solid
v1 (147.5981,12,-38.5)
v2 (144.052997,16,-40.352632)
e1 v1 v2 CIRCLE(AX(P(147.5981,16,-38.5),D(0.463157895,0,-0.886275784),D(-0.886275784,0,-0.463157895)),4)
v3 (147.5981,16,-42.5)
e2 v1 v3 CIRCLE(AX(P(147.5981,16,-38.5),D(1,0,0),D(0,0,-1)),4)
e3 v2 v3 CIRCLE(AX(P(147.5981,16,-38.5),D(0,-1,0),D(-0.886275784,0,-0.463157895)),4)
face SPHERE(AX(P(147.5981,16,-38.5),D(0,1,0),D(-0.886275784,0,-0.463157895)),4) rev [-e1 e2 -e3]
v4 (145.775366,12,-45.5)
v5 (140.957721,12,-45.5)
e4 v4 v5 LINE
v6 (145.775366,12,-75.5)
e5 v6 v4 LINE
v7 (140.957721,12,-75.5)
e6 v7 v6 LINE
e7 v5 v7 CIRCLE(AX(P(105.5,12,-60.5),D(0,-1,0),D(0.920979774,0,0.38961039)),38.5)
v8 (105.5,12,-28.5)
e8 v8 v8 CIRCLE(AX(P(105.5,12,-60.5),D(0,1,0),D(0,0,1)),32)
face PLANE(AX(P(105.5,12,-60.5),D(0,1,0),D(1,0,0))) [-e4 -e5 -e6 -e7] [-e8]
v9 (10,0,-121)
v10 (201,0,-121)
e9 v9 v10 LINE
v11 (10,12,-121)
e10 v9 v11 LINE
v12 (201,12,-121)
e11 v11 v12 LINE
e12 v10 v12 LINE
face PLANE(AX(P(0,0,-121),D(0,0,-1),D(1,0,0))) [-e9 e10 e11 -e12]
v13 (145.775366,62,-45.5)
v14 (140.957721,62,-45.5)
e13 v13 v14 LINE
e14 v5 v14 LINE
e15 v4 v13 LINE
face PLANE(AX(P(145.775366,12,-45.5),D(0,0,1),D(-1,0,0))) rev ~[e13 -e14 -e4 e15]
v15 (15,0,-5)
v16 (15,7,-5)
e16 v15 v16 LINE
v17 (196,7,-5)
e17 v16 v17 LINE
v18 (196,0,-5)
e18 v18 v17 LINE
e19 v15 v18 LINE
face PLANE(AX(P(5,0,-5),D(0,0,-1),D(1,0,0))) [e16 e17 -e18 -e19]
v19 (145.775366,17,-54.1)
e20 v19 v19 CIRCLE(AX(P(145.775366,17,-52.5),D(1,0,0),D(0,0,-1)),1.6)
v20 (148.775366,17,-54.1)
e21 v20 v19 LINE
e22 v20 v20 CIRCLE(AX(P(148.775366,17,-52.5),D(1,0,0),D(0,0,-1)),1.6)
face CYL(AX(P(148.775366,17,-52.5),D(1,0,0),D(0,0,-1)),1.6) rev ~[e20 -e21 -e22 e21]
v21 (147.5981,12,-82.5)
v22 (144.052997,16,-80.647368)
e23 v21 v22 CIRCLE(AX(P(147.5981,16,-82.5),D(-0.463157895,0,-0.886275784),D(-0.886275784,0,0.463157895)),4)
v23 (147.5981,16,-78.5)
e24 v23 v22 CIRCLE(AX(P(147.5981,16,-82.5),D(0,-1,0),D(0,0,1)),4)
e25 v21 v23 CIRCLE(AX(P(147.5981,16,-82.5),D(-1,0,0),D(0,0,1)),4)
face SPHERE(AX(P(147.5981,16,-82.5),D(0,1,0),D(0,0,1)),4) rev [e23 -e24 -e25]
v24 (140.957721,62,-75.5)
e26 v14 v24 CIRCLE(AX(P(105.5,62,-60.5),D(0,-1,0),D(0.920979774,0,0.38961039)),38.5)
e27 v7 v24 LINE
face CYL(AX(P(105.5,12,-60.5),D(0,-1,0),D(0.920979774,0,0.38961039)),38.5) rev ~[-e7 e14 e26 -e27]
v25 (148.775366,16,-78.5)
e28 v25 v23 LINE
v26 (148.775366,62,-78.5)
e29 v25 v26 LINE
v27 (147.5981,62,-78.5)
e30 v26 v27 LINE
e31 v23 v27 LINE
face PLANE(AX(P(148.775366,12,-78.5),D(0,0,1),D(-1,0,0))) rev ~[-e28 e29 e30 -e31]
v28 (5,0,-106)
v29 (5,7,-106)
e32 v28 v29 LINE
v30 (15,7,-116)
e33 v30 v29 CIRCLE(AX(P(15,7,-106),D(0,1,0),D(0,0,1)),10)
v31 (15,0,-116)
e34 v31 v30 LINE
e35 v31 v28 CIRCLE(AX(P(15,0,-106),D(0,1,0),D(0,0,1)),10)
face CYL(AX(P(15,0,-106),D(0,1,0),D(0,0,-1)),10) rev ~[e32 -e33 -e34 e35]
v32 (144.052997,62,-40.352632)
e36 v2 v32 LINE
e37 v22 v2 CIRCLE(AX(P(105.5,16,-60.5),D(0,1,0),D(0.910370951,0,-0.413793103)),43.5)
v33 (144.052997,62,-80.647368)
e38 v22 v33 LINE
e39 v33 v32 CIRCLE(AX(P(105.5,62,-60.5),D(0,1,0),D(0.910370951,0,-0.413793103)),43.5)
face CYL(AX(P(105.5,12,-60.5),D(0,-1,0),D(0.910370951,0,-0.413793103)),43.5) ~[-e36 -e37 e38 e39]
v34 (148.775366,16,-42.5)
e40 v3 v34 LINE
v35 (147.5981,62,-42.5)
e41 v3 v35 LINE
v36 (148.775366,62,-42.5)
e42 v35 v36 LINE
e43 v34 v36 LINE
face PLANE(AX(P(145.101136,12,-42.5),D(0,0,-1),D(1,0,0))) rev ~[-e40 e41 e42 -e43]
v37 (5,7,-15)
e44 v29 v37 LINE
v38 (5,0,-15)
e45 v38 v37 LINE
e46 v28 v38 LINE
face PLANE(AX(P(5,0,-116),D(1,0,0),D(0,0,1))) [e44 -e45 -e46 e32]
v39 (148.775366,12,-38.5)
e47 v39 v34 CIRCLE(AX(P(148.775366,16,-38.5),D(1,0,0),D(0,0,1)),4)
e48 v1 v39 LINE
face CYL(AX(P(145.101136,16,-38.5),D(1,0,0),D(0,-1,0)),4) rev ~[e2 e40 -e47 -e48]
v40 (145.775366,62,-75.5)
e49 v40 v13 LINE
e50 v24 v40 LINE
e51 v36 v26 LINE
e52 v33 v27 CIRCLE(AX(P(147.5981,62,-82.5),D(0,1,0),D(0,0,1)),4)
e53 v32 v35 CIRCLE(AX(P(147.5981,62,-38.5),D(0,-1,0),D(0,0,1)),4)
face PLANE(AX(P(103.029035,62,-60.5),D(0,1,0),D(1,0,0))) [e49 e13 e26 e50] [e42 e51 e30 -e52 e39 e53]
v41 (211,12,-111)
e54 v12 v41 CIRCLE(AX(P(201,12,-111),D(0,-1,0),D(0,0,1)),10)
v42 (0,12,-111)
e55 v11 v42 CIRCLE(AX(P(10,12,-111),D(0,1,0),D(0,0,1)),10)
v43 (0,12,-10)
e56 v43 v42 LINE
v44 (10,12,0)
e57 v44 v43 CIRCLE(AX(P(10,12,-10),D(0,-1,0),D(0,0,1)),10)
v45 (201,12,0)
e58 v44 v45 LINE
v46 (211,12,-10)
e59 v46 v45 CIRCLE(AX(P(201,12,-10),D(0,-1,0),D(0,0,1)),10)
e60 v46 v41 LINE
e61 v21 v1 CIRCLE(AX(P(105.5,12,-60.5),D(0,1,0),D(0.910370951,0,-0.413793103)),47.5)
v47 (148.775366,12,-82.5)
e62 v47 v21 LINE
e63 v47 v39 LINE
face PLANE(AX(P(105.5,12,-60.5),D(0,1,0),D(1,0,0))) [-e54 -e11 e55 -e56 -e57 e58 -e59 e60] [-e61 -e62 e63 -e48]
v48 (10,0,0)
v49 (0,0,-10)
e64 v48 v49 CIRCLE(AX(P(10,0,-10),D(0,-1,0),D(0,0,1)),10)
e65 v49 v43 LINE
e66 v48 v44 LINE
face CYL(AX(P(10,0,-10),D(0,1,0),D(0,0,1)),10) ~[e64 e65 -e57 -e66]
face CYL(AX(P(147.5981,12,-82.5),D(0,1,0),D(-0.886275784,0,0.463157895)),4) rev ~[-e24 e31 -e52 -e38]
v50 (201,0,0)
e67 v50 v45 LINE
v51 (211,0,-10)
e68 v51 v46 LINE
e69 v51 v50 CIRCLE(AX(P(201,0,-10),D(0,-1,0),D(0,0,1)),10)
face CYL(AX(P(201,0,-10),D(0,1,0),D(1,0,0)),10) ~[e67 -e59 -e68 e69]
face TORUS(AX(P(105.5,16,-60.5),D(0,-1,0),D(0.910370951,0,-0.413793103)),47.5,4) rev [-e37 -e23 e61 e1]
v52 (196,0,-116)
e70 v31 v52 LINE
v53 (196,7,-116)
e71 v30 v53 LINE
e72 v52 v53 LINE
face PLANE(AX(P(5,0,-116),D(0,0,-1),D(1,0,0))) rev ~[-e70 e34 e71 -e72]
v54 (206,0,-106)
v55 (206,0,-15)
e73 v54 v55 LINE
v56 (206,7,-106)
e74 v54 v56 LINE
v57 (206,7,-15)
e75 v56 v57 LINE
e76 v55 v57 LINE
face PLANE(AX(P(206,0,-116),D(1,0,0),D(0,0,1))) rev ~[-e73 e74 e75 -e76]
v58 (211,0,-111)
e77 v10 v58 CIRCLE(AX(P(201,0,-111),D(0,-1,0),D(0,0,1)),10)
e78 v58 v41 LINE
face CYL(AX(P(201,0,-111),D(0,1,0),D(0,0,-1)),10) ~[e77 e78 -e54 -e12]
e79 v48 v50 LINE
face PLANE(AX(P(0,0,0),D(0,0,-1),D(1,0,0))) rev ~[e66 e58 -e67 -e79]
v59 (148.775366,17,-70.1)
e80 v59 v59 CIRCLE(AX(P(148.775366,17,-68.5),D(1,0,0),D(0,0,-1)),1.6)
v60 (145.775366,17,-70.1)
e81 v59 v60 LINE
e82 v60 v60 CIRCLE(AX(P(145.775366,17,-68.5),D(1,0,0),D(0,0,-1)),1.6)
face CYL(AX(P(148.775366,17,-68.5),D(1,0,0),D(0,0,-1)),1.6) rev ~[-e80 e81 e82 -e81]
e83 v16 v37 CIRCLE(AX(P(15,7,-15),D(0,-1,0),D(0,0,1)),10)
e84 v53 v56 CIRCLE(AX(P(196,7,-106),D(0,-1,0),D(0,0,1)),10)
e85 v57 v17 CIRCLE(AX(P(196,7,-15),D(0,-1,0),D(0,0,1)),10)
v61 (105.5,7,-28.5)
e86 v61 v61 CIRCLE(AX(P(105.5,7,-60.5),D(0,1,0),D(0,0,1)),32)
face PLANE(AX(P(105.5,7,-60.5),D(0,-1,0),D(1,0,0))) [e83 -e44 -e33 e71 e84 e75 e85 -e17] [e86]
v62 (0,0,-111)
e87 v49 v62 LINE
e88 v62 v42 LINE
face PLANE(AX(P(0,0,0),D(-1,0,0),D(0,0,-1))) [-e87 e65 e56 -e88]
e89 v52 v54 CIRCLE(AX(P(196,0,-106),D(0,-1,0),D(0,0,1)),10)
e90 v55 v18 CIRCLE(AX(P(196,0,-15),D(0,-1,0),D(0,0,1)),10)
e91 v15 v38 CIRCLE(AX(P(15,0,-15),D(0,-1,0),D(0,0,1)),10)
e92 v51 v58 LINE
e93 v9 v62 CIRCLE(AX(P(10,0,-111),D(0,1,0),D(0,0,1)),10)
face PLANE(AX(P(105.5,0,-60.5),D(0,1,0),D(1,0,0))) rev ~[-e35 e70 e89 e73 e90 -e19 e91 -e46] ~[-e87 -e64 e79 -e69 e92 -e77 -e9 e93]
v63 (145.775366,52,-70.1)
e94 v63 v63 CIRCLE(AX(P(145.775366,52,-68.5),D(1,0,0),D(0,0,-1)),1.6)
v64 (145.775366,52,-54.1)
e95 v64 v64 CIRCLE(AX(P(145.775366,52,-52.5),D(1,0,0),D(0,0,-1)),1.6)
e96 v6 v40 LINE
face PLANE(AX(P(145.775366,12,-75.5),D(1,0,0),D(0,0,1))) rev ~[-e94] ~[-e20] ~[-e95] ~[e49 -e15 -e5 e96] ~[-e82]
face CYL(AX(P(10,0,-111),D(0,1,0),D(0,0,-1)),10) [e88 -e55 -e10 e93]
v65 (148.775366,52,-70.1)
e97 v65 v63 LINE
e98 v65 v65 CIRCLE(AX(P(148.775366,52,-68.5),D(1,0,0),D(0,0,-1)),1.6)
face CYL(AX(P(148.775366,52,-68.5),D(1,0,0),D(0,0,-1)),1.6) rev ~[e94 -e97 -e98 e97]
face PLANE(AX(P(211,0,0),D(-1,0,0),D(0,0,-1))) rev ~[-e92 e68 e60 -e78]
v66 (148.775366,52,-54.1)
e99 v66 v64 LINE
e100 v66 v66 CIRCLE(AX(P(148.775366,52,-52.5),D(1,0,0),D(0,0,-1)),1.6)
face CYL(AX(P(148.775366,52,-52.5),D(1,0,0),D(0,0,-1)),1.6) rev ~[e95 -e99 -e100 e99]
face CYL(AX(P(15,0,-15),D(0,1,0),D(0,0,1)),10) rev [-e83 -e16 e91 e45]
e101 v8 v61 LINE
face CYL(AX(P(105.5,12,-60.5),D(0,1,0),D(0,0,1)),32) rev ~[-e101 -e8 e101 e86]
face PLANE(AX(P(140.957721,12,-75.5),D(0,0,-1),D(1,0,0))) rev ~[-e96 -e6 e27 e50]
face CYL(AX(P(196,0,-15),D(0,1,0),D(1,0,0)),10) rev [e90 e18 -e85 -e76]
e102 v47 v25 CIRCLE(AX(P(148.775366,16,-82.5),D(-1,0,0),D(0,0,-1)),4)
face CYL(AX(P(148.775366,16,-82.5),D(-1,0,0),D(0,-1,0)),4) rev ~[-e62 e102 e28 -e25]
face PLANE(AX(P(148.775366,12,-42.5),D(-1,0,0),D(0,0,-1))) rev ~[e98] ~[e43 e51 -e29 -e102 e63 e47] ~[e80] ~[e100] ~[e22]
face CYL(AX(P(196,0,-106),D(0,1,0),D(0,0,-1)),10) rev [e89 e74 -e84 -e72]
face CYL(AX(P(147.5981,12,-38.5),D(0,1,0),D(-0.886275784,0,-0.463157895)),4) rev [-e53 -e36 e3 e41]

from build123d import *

# Parameters (mm, degrees)
SKETCH1_W           = 211
SKETCH1_H           = 121
BOSS_EXTRUDE1_DEPTH = 12
SKETCH2_W           = 201
SKETCH2_H           = 111
CUT_EXTRUDE1_DEPTH  = 7
SKETCH3_R           = 32
CUT_EXTRUDE2_DEPTH  = 244.52823245
BOSS_EXTRUDE2_DEPTH = 50
SKETCH5_R           = 1.6
CUT_EXTRUDE3_DEPTH  = 6
FILLET1_R           = 4
FILLET2_R           = 10


with BuildPart() as part:
    # Sketch1 → Boss-Extrude1 (new body)
    with BuildSketch(Plane(origin=(0, 0, 0), x_dir=(1, 0, 0), z_dir=(0, 1, 0))):
        with Locations((105.5, 60.5)):
            Rectangle(SKETCH1_W, SKETCH1_H)
    extrude(amount=BOSS_EXTRUDE1_DEPTH)

    # Sketch2 → Cut-Extrude1 (cut)
    with BuildSketch(Plane.XZ):
        with Locations((105.5, -60.5)):
            Rectangle(SKETCH2_W, SKETCH2_H)
    extrude(amount=-CUT_EXTRUDE1_DEPTH, mode=Mode.SUBTRACT)

    # Sketch3 → Cut-Extrude2 (cut, through all)
    with BuildSketch(Plane(origin=(0, 12, 0), x_dir=(1, 0, 0), z_dir=(0, 1, 0))):
        with Locations(Location((105.5, 60.5, 0), (0, 0, 270))):
            Circle(SKETCH3_R)
    extrude(amount=-CUT_EXTRUDE2_DEPTH, mode=Mode.SUBTRACT)

    # Sketch4 → Boss-Extrude2 (add)
    with BuildSketch(Plane(origin=(0, 12, 0), x_dir=(1, 0, 0), z_dir=(0, 1, 0))):
        with BuildLine():
            ThreePointArc((140.957721303, 45.5), (67, 60.5), (140.957721303, 75.5))
            Line((140.957721303, 75.5), (145.775366264, 75.5))
            Line((145.775366264, 75.5), (146.331972766, 75.5))
            ThreePointArc((146.331972766, 75.5), (145.74451839, 77.011472968), (145.101136347, 78.5))
            ThreePointArc((145.101136347, 78.5), (62, 60.5), (145.101136347, 42.5))
            ThreePointArc((145.101136347, 42.5), (145.74451839, 43.988527032), (146.331972766, 45.5))
            Line((146.331972766, 45.5), (145.775366264, 45.5))
            Line((145.775366264, 45.5), (140.957721303, 45.5))
        make_face()
        with BuildLine():
            Line((146.331972766, 75.5), (145.775366264, 75.5))
            Line((145.775366264, 75.5), (145.775366264, 45.5))
            Line((145.775366264, 45.5), (146.331972766, 45.5))
            ThreePointArc((146.331972766, 45.5), (147.885391427, 50.715900981), (148.775366264, 56.084949069))
            Line((148.775366264, 56.084949069), (148.775366264, 64.915050931))
            ThreePointArc((148.775366264, 64.915050931), (147.885391427, 70.284099019), (146.331972766, 75.5))
        make_face()
        with BuildLine():
            ThreePointArc((145.101136347, 78.5), (145.74451839, 77.011472968), (146.331972766, 75.5))
            Line((146.331972766, 75.5), (148.775366264, 75.5))
            Line((148.775366264, 75.5), (148.775366264, 78.5))
            Line((148.775366264, 78.5), (145.101136347, 78.5))
        make_face()
        with BuildLine():
            Line((148.775366264, 75.5), (146.331972766, 75.5))
            ThreePointArc((146.331972766, 75.5), (147.885391427, 70.284099019), (148.775366264, 64.915050931))
            Line((148.775366264, 64.915050931), (148.775366264, 75.5))
        make_face()
        with BuildLine():
            ThreePointArc((148.775366264, 56.084949069), (147.885391427, 50.715900981), (146.331972766, 45.5))
            Line((146.331972766, 45.5), (148.775366264, 45.5))
            Line((148.775366264, 45.5), (148.775366264, 56.084949069))
        make_face()
        with BuildLine():
            Line((148.775366264, 45.5), (146.331972766, 45.5))
            ThreePointArc((146.331972766, 45.5), (145.74451839, 43.988527032), (145.101136347, 42.5))
            Line((145.101136347, 42.5), (148.775366264, 42.5))
            Line((148.775366264, 42.5), (148.775366264, 45.5))
        make_face()
    extrude(amount=BOSS_EXTRUDE2_DEPTH)

    # Sketch5 → Cut-Extrude3 (cut)
    with BuildSketch(Plane(origin=(148.775366264, 0, 0), x_dir=(0, 0, -1), z_dir=(1, 0, 0))):
        with Locations((52.5, 52)):
            Circle(SKETCH5_R)
        with Locations((68.5, 52)):
            Circle(SKETCH5_R)
        with Locations((68.5, 17)):
            Circle(SKETCH5_R)
        with Locations((52.5, 17)):
            Circle(SKETCH5_R)
    extrude(amount=-CUT_EXTRUDE3_DEPTH, mode=Mode.SUBTRACT)

    # Fillet1
    fillet1_edges = [part.edges().sort_by_distance(p)[0] for p in [
        (146.938251306, 12, -42.5),
        (145.101136347, 37, -42.5),
        (62, 12, -60.5),
        (145.101136347, 37, -78.5),
        (146.938251306, 12, -78.5),
    ]]
    fillet(fillet1_edges, radius=FILLET1_R)

    # Fillet2
    fillet2_edges = [part.edges().sort_by_distance(p)[0] for p in [
        (5, 3.5, -116),
        (5, 3.5, -5),
        (206, 3.5, -5),
        (206, 3.5, -116),
        (0, 6, -121),
        (211, 6, -121),
        (211, 6, 0),
        (0, 6, 0),
    ]]
    fillet(fillet2_edges, radius=FILLET2_R)


solid = part.part
